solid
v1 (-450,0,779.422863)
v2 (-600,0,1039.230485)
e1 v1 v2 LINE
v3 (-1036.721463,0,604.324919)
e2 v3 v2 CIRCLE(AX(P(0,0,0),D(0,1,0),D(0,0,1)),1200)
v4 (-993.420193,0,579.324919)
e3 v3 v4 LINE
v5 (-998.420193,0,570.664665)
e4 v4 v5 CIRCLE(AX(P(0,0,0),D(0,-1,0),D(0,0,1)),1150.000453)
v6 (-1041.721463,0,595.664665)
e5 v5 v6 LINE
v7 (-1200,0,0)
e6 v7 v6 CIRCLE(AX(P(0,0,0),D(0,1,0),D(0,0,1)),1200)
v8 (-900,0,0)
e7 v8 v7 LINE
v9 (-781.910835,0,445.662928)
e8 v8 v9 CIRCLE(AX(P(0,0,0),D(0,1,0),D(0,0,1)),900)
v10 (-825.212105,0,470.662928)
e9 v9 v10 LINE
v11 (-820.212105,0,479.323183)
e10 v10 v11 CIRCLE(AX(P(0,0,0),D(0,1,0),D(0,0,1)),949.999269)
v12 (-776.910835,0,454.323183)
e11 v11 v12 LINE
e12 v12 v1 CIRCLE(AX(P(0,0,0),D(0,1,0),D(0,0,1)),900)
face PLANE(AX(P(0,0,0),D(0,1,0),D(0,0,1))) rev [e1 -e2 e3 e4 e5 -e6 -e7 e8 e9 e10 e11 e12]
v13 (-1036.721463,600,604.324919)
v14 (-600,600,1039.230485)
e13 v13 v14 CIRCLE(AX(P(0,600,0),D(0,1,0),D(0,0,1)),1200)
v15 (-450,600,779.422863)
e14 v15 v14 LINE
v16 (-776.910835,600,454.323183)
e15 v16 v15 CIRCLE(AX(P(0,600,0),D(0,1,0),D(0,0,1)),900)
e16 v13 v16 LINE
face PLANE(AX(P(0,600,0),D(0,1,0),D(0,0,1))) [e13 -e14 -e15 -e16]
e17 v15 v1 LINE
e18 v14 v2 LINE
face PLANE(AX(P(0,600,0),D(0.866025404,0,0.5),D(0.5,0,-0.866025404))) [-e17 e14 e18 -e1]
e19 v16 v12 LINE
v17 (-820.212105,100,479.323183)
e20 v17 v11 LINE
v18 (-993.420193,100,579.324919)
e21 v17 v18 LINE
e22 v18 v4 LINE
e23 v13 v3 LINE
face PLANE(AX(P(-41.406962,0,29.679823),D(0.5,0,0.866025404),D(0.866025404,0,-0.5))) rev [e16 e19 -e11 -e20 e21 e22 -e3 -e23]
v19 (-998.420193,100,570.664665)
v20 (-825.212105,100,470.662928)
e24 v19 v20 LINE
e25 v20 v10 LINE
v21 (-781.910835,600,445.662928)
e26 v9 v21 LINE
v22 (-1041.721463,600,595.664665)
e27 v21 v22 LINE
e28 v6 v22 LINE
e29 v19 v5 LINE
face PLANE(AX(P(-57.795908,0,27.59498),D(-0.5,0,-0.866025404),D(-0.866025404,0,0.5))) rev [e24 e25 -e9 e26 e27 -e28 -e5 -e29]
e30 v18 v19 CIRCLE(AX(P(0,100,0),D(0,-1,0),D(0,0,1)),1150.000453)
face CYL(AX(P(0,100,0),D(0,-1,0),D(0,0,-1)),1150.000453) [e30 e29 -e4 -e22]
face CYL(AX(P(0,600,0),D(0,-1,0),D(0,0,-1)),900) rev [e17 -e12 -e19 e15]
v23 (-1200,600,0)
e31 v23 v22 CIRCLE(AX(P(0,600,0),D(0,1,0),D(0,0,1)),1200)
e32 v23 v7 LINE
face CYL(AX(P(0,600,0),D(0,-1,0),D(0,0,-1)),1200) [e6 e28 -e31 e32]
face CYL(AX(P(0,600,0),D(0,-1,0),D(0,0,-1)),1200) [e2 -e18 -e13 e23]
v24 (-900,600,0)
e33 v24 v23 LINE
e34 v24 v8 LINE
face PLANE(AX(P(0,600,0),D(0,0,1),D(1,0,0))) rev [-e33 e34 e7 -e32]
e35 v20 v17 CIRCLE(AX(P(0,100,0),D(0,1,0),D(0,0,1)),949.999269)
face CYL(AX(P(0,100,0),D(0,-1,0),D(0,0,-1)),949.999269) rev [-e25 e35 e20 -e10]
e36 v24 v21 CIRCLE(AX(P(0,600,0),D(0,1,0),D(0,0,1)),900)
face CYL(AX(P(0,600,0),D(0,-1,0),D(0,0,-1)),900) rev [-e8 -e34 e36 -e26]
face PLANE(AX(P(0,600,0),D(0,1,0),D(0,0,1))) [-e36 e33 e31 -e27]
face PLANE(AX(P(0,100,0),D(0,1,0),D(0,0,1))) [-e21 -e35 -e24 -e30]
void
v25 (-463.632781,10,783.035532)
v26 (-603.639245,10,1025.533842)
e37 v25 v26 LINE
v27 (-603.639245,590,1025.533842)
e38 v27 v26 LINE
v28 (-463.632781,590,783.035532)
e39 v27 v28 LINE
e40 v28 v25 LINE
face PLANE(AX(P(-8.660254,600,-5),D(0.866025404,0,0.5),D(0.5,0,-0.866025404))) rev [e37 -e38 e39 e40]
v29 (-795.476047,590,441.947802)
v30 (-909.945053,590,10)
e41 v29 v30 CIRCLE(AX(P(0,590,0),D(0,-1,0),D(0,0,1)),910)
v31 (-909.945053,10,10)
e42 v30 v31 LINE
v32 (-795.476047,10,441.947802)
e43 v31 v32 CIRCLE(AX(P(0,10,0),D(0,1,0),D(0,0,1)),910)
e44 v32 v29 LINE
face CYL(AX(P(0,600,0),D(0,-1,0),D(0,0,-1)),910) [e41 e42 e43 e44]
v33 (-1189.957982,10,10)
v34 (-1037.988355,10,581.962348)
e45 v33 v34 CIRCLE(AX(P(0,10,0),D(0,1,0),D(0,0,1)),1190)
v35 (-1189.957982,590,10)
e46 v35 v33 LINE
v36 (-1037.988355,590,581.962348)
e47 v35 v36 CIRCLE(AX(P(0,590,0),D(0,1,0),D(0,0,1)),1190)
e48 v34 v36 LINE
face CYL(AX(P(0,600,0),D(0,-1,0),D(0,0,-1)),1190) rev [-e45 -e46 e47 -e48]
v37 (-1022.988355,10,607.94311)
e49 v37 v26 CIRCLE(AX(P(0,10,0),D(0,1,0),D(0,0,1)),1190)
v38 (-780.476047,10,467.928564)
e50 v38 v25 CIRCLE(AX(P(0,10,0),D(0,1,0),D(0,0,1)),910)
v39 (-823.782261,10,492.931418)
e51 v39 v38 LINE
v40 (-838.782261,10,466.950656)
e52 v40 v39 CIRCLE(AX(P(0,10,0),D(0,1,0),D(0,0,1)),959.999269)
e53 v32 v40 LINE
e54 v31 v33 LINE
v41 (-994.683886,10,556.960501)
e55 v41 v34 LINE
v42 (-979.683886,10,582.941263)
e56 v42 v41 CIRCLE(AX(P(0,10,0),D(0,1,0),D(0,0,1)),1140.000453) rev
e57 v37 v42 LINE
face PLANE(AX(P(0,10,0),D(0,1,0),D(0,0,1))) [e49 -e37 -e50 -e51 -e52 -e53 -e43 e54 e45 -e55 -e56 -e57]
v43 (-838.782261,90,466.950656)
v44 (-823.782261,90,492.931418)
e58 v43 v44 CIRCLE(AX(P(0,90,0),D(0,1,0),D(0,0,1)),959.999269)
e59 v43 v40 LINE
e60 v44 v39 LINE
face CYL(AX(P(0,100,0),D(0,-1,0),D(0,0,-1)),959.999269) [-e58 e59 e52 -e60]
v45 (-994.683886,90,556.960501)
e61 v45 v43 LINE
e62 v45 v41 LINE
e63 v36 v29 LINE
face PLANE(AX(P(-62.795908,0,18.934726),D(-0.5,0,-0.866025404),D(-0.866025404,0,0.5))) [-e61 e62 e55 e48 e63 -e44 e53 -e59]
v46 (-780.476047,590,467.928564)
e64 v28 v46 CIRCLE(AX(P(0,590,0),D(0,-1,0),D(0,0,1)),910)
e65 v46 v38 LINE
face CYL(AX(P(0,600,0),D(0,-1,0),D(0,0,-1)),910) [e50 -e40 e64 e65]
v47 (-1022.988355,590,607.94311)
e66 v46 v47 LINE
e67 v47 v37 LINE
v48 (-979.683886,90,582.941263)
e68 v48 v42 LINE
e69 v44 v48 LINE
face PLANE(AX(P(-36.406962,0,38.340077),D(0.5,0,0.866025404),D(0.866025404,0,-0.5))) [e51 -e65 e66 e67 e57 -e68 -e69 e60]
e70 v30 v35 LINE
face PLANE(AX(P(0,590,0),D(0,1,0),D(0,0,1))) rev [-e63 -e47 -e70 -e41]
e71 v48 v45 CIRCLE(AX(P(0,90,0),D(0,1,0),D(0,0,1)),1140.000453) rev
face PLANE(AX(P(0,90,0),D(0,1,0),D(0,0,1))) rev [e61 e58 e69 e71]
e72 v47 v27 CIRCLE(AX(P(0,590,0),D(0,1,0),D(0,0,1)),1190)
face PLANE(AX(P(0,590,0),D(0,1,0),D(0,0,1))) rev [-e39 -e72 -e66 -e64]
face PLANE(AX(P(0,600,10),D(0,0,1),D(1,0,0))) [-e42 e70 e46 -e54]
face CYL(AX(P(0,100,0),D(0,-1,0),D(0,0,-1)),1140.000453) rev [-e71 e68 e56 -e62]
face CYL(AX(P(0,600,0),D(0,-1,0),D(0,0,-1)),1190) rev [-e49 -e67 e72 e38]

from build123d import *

# Parameters (mm, degrees)
EXTRUDE_1_DEPTH     = 600
CUT_EXTRUDE_1_DEPTH = 600
EXTRUDE_2_DEPTH     = 100
SHELL_1_T           = -10
EXTRUDE_3_DEPTH     = 10


with BuildPart() as part:
    # 草图1 → 凸台-拉伸1 (new body)
    with BuildSketch(Plane(origin=(0, 0, 0), x_dir=(1, 0, 0), z_dir=(0, 1, 0))):
        with BuildLine():
            ThreePointArc((-900, 0), (-779.422863406, -450), (-450, -779.422863406))
            Line((-450, -779.422863406), (-600, -1039.230484541))
            ThreePointArc((-600, -1039.230484541), (-1039.230484541, -600), (-1200, 0))
            Line((-1200, 0), (-900, 0))
        make_face()
    extrude(amount=EXTRUDE_1_DEPTH)

    # 草图2 → 切除-拉伸1 (cut)
    with BuildSketch(Plane(origin=(0, 600, 0), x_dir=(1, 0, 0), z_dir=(0, 1, 0))):
        Polygon((-57.795907874, -27.594980277), (-1097.026392415, -627.594980277), (-1080.637446236, -629.679823172), (-41.406961694, -29.679823172), align=None)
    extrude(amount=-CUT_EXTRUDE_1_DEPTH, mode=Mode.SUBTRACT)


with BuildPart() as cut_extrude_1_piece_1:
    # of the separate pieces the step leaves, piece 1, a body of its own (cut_extrude_1_pieces)
    add(part.part.solids().sort_by_distance((-600, 0, 1039.230484541))[0])



with BuildPart() as cut_extrude_1_piece_2:
    # of the separate pieces the step leaves, piece 2, a body of its own (cut_extrude_1_pieces)
    add(part.part.solids().sort_by_distance((-1200, 0, 0))[0])


with BuildPart() as cut_extrude_1_piece_1_1:
    add(cut_extrude_1_piece_1.part)

    add(cut_extrude_1_piece_2.part)  # 凸台-拉伸2 merges 切除-拉伸1 piece 2
    # 草图3 → 凸台-拉伸2 (add)
    with BuildSketch(Plane.XZ):
        with BuildLine():
            Line((-825.212105372, 470.662928483), (-998.420193215, 570.664664625))
            ThreePointArc((-998.420193215, 570.664664625), (-995.929606575, 575.00022645), (-993.420193215, 579.324918663))
            Line((-993.420193215, 579.324918663), (-820.212105372, 479.323182521))
            ThreePointArc((-820.212105372, 479.323182521), (-822.723500531, 474.9996345), (-825.212105372, 470.662928483))
        make_face()
    extrude(amount=-EXTRUDE_2_DEPTH)

    # 抽壳1
    shell_1_openings = [cut_extrude_1_piece_1_1.faces().sort_by_distance(p)[0] for p in [
        (-1010.404998502, 600, 268.177938118),
        (-737.451406396, 600, 740.947427754),
    ]]
    offset(amount=SHELL_1_T, openings=shell_1_openings, kind=Kind.INTERSECTION)

    # 草图4 → 凸台-拉伸3 (add)
    with BuildSketch(Plane(origin=(0, 600, 0), x_dir=(1, 0, 0), z_dir=(0, 1, 0))):
        with BuildLine():
            Line((-463.632780681, -783.035532194), (-603.639245264, -1025.533842239))
            ThreePointArc((-603.639245264, -1025.533842239), (-839.687348019, -843.223076995), (-1022.988355102, -607.943110271))
            Line((-1022.988355102, -607.943110271), (-780.47604659, -467.928563671))
            ThreePointArc((-780.47604659, -467.928563671), (-641.696808412, -645.232675919), (-463.632780681, -783.035532194))
        make_face()
        with BuildLine():
            Line((-909.945053286, -10), (-1189.957982451, -10))
            ThreePointArc((-1189.957982451, -10), (-1150.096279744, -305.579036124), (-1037.988355102, -581.962348158))
            Line((-1037.988355102, -581.962348158), (-795.47604659, -441.947801557))
            ThreePointArc((-795.47604659, -441.947801557), (-879.636292904, -233.109399653), (-909.945053286, -10))
        make_face()
    extrude(amount=-EXTRUDE_3_DEPTH)


solid = cut_extrude_1_piece_1_1.part
